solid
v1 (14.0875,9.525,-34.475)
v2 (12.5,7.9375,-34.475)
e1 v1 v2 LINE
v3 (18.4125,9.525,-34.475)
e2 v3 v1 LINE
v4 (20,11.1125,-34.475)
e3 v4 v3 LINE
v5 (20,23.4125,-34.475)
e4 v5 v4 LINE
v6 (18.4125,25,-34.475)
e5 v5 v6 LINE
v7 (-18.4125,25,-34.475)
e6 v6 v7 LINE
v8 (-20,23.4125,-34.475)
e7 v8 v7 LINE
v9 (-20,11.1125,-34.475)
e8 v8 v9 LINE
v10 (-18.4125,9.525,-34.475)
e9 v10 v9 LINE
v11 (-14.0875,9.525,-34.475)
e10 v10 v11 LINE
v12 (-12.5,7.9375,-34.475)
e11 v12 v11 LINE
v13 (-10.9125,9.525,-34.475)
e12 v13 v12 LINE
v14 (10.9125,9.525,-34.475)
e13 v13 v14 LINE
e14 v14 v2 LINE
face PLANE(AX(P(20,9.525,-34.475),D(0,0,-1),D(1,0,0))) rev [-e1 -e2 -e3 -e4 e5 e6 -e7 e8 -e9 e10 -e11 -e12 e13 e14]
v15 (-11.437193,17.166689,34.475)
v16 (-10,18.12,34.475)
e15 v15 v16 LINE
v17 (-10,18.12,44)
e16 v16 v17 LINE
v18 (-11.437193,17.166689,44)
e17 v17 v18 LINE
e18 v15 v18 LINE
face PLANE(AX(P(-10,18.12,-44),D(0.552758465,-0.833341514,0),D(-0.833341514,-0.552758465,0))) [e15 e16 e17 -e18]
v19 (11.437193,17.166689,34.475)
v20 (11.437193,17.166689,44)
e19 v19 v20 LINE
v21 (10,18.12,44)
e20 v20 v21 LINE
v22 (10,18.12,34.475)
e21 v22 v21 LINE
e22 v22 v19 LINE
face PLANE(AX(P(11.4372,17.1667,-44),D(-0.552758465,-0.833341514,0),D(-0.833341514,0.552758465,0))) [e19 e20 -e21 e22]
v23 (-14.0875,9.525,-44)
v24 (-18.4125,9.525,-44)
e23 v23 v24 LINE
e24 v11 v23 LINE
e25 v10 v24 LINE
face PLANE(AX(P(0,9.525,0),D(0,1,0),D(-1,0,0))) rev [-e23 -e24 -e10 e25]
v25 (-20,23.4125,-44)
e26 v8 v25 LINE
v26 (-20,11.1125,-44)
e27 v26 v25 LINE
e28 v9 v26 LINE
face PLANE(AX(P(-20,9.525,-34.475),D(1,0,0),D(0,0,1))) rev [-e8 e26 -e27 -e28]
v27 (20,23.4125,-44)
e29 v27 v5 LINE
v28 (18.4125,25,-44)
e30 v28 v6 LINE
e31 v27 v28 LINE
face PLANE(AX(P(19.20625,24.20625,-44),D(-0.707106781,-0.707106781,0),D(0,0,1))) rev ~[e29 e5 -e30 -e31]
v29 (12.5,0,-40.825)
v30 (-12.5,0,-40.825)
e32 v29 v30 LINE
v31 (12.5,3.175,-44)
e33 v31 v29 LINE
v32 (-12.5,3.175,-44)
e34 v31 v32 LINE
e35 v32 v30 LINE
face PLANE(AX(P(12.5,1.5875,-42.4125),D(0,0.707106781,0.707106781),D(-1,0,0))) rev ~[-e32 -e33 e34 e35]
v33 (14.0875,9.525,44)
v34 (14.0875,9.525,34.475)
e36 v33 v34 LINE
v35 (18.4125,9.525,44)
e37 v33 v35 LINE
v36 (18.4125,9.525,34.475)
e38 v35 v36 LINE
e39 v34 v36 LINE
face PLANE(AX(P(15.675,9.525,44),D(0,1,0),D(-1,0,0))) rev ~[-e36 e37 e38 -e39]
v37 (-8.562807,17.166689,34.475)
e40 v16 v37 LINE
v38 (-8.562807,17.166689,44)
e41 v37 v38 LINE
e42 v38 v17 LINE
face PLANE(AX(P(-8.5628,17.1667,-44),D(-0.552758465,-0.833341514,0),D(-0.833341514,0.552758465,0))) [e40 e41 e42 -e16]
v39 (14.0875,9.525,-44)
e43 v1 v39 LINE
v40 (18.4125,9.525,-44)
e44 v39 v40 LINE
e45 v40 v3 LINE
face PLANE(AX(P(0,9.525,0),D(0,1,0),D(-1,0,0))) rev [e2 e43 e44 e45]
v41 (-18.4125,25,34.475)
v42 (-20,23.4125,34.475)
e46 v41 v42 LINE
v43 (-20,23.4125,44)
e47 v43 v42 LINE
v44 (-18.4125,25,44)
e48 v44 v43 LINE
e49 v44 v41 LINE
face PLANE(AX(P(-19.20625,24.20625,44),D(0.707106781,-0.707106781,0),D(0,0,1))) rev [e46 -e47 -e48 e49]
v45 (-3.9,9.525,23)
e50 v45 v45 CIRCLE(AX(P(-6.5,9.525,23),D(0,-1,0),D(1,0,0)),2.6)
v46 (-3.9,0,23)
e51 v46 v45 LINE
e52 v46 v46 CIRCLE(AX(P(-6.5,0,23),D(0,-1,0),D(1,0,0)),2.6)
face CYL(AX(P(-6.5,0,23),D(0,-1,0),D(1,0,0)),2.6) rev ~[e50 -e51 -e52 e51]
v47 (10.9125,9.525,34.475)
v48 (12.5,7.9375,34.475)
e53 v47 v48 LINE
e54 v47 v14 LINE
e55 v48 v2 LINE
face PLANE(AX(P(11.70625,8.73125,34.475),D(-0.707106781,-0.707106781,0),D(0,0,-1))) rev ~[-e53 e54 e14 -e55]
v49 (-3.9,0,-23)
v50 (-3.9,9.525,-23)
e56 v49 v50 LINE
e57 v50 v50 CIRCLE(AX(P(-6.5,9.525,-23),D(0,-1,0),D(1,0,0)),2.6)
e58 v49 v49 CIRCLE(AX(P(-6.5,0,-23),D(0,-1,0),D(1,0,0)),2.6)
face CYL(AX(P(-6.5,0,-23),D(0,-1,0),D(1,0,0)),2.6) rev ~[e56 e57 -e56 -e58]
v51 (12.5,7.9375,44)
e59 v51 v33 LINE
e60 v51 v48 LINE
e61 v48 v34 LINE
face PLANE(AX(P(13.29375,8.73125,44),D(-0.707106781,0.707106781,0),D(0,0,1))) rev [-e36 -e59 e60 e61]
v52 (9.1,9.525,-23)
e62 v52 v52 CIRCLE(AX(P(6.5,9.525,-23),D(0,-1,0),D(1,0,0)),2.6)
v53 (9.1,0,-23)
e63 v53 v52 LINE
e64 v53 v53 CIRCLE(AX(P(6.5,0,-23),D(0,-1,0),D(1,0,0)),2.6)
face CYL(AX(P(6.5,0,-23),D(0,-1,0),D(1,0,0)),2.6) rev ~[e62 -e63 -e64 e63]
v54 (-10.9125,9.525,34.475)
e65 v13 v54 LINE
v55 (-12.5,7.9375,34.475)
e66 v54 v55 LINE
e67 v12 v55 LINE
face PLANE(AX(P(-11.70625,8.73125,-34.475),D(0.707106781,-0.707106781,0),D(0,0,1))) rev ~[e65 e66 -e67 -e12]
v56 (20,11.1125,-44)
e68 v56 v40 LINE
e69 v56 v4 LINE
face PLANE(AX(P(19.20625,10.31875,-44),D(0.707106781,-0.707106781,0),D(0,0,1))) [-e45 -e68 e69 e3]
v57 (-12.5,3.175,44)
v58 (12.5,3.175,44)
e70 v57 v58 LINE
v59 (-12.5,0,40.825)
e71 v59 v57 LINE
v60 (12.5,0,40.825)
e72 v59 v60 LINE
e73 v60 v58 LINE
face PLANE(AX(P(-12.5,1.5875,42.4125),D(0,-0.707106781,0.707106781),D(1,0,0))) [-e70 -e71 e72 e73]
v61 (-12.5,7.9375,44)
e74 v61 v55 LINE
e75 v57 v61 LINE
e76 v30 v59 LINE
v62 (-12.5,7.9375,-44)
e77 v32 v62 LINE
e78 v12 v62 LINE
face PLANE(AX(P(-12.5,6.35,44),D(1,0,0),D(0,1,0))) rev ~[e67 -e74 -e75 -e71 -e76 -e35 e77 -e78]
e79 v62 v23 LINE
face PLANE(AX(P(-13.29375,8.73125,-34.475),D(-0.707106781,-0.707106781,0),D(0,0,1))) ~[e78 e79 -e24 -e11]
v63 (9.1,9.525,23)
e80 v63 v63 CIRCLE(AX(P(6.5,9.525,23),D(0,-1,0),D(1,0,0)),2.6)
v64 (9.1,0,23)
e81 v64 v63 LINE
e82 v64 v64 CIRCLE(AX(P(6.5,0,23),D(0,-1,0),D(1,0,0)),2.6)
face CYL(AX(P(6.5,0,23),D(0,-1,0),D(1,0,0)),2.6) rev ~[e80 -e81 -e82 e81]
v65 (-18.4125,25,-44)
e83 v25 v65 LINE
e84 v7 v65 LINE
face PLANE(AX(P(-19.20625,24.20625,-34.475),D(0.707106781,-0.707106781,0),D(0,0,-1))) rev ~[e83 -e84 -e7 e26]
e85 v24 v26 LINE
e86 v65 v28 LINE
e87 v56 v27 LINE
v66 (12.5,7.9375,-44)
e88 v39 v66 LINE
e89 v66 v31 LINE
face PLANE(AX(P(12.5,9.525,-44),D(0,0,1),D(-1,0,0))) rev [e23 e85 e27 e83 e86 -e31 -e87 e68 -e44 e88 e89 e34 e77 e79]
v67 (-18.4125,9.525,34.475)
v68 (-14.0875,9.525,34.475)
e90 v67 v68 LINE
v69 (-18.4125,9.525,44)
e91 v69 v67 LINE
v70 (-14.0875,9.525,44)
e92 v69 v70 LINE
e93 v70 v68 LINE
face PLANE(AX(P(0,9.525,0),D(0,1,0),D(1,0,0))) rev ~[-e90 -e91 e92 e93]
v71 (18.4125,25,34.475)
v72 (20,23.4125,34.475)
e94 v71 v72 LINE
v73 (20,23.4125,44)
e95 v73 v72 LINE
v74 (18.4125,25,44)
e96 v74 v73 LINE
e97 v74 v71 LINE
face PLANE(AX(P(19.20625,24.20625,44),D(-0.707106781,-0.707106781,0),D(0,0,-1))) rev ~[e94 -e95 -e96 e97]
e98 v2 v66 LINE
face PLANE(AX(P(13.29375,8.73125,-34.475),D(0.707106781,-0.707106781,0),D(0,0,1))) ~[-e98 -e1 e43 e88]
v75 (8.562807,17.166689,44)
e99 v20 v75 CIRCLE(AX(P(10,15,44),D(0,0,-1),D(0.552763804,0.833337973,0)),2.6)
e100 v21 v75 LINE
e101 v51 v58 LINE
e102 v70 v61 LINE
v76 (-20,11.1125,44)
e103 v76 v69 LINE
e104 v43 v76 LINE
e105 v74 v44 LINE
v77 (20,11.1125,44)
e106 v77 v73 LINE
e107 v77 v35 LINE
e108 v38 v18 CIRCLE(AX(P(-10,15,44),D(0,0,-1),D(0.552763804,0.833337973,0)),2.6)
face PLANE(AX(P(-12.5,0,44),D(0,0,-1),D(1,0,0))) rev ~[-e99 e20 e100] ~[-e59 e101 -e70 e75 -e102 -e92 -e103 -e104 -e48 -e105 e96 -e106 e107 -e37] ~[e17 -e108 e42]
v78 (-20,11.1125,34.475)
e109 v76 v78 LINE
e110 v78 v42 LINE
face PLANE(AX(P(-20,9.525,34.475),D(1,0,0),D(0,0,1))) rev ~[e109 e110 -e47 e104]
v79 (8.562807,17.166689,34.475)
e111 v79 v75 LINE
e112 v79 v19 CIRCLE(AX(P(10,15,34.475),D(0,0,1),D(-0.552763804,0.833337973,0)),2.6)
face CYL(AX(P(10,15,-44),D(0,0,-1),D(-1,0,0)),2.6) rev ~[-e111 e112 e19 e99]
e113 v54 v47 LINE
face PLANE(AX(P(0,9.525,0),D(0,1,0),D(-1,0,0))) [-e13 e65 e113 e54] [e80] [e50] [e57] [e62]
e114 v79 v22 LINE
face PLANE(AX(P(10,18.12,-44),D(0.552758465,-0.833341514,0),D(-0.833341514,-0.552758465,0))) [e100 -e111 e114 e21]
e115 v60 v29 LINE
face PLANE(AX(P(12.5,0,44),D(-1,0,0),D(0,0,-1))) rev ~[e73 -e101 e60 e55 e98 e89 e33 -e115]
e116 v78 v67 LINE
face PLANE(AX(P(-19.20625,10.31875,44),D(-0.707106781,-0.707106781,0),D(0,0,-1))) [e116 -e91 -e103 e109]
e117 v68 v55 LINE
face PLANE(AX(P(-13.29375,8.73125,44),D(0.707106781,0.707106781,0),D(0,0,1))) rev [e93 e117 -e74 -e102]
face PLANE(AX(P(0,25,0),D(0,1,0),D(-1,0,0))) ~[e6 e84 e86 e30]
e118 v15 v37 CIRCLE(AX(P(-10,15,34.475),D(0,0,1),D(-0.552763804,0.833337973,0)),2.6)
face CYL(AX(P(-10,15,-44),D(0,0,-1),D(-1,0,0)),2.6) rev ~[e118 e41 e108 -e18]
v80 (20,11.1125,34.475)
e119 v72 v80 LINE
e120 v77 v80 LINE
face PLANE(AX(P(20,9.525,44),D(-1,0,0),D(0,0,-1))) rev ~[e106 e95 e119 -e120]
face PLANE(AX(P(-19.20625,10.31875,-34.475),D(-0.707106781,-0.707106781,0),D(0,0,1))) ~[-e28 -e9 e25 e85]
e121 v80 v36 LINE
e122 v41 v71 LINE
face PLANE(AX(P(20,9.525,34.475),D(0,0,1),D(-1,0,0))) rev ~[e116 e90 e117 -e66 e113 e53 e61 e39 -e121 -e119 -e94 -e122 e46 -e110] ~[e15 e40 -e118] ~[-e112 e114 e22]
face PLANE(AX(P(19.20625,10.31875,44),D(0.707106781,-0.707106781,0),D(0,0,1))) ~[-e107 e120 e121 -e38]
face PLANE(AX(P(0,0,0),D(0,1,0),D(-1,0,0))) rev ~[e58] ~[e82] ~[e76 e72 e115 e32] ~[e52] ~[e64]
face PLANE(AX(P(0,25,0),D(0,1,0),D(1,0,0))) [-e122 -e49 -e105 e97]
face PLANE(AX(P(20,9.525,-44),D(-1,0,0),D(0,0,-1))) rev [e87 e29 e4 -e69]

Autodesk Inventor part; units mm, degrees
ref_plane "YZ Plane" through (0, 0, 0) normal (1, 0, 0) x (0, 1, 0)
ref_plane "XZ Plane" through (0, 0, 0) normal (0, 1, 0) x (-1, 0, 0)
sketch "Sketch1" plane through (0, 0, 0) normal (0, 1, 0) x (-1, 0, 0)
  line L0 (-12.5, -44) -> (12.5, -44)
  line L1 (12.5, -44) -> (12.5, 44)
  line L2 (12.5, 44) -> (-12.5, 44)
  line L3 (-12.5, 44) -> (-12.5, -44)
  line L4 (-12.5, -44) -> (12.5, 44) construction
  line L5 (12.5, -44) -> (-12.5, 44) construction
  point P0 (0, 0)
  dimension "d0" = 88
  dimension "d1" = 25
extrude "Extrusion1" add sketch "Sketch1" along normal blind 9.525
sketch "Sketch2" plane through (0, 9.525, 0) normal (0, 1, 0) x (1, 0, 0)
  line L0 (20, -34.475) -> (-20, -34.475)
  line L1 (-20, -34.475) -> (-20, -44)
  line L2 (-20, -44) -> (20, -44)
  line L3 (20, -44) -> (20, -34.475)
  line L4 (20, -34.475) -> (-20, -44) construction
  line L5 (-20, -34.475) -> (20, -44) construction
  line L6 (-12.5, -44) -> (12.5, -44) projected
  point P0 (0, 0)
  point P1 (0, -39.2375)
  dimension "d4" = 40
  dimension "d5" = 9.525
extrude "Extrusion2" add sketch "Sketch2" along normal blind 15.475
fillet "Fillet1" radius 3.175 6 edges at (-12.5, 9.525, 39.2375) (-20, 9.525, 39.2375) (-20, 25, 39.2375) (20, 9.525, 39.2375) (20, 25, 39.2375) (12.5, 9.525, 39.2375)
ref_plane "Work Plane1" through (-16.825, 25, 0) normal (0, 0, 1) x (1, 0, 0)
mirror "Mirror1" about plane through (-16.825, 25, 0) normal (0, 0, 1) of "Extrusion2", "Fillet1"
sketch "Sketch3" plane through (16.825, 25, -44) normal (0, 0, -1) x (-1, 0, 0)
  line L0 (29.325, -25) -> (29.325, -18.65) projected
  arc A0 (32.5, -15.475) -> (29.325, -18.65) centre (32.5, -18.65) ccw projected
  line L1 (33.65, -15.475) -> (32.5, -15.475) projected
  arc A1 (33.65, -15.475) -> (36.825, -12.3) centre (33.65, -12.3) ccw projected
  line L2 (36.825, -12.3) -> (36.825, -3.175) projected
  arc A2 (36.825, -3.175) -> (33.65, 0) centre (33.65, -3.175) ccw projected
  line L3 (33.65, 0) -> (0, 0) projected
  arc A3 (0, 0) -> (-3.175, -3.175) centre (0, -3.175) ccw projected
  line L4 (-3.175, -12.3) -> (-3.175, -3.175) projected
  arc A4 (-3.175, -12.3) -> (0, -15.475) centre (0, -12.3) ccw projected
  line L5 (1.15, -15.475) -> (0, -15.475) projected
  arc A5 (4.325, -18.65) -> (1.15, -15.475) centre (1.15, -18.65) ccw projected
  line L6 (4.325, -25) -> (4.325, -18.65) projected
  circle A6 centre (26.825, -10) radius 2.6
  circle A7 centre (6.825, -10) radius 2.6
  line L7 (4.325, -25) -> (29.325, -25) projected
  point P0 (16.825, -25)
  dimension "d10" = 5.2
  dimension "d11" = 10
  dimension "d12" = 10
  dimension "d13" = 10
extrude "Extrusion3" cut sketch "Sketch3" against normal through all contours A6 | A7
sketch "Sketch4" plane through (0, 0, 0) normal (0, -1, 0) x (1, 0, 0)
  line L0 (-6.5, -23) -> (6.5, -23) construction
  line L1 (6.5, -23) -> (6.5, 23) construction
  line L2 (6.5, 23) -> (-6.5, 23) construction
  line L3 (-6.5, 23) -> (-6.5, -23) construction
  line L4 (-6.5, -23) -> (6.5, 23) construction
  line L5 (6.5, -23) -> (-6.5, 23) construction
  circle A0 centre (6.5, 23) radius 2.6
  circle A1 centre (6.5, -23) radius 2.6
  circle A2 centre (-6.5, -23) radius 2.6
  circle A3 centre (-6.5, 23) radius 2.6
  point P0 (0, 0)
  dimension "d16" = 5.2
  dimension "d17" = 46
  dimension "d18" = 13
extrude "Extrusion4" cut sketch "Sketch4" against normal through all
sketch "Sketch5" plane through (16.825, 25, -44) normal (0, 0, -1) x (-1, 0, 0)
  circle A0 centre (6.825, -10) radius 2.6 projected
  circle A1 centre (26.825, -10) radius 2.6 projected
  line L0 (5.3878, -7.8333) -> (6.825, -6.88)
  line L1 (6.825, -6.88) -> (8.2622, -7.8333)
  line L2 (25.3878, -7.8333) -> (26.825, -6.88)
  line L3 (26.825, -6.88) -> (28.2622, -7.8333)
  point P0 (16.825, -25)
  point P1 (6.825, -7.4)
  point P2 (26.825, -7.4)
  dimension "d21" = 0.52
  dimension "d22" = 5.2
  dimension "d23" = 0.52
extrude "Extrusion5" cut sketch "Sketch5" against normal through all contours A0 L0 L1 | A1 L2 L3
sketch "Sketch6" plane through (0, 9.525, 0) normal (0, 1, 0) x (1, 0, 0)
  circle A0 centre (-6.5, 23) radius 2.6 projected
  circle A1 centre (6.5, 23) radius 2.6 projected
  circle A2 centre (-6.5, -23) radius 2.6 projected
  circle A3 centre (6.5, -23) radius 2.6 projected
  circle A4 centre (-6.5, 23) radius 5
  circle A5 centre (6.5, 23) radius 5
  circle A6 centre (-6.5, -23) radius 5
  circle A7 centre (6.5, -23) radius 5
  point P0 (0, 0)
  dimension "d26" = 10
extrude "Extrusion6" add sketch "Sketch6" against normal up to surface (9.525 mm away)
chamfer "Chamfer1" distance 3.175 angle 45 2 edges at (0, 0, -44) (0, 0, 44)
sketch "Sketch7" plane through (-16.825, 25, 44) normal (0, 0, 1) x (1, 0, 0)
  line L0 (29.325, -21.825) -> (4.325, -21.825) projected
  line L1 (29.325, -21.825) -> (29.325, -18.65) projected
  arc A0 (32.5, -15.475) -> (29.325, -18.65) centre (32.5, -18.65) ccw projected
  line L2 (32.5, -15.475) -> (33.65, -15.475) projected
  arc A1 (33.65, -15.475) -> (36.825, -12.3) centre (33.65, -12.3) ccw projected
  line L3 (36.825, -12.3) -> (36.825, -3.175) projected
  arc A2 (36.825, -3.175) -> (33.65, 0) centre (33.65, -3.175) ccw projected
  line L4 (0, 0) -> (33.65, 0) projected
  arc A3 (0, 0) -> (-3.175, -3.175) centre (0, -3.175) ccw projected
  line L5 (-3.175, -12.3) -> (-3.175, -3.175) projected
  arc A4 (-3.175, -12.3) -> (0, -15.475) centre (0, -12.3) ccw projected
  line L6 (0, -15.475) -> (1.15, -15.475) projected
  arc A5 (4.325, -18.65) -> (1.15, -15.475) centre (1.15, -18.65) ccw projected
  line L7 (4.325, -21.825) -> (4.325, -18.65) projected
  line L8 (5.3878, -7.8333) -> (6.825, -6.88) projected
  line L9 (6.825, -6.88) -> (8.2622, -7.8333) projected
  arc A6 (5.3878, -7.8333) -> (8.2622, -7.8333) centre (6.825, -10) ccw projected
  line L10 (25.3878, -7.8333) -> (26.825, -6.88) projected
  line L11 (26.825, -6.88) -> (28.2622, -7.8333) projected
  arc A7 (25.3878, -7.8333) -> (28.2622, -7.8333) centre (26.825, -10) ccw projected
  line L12 (-3.175, 0) -> (36.825, 0)
  line L13 (36.825, 0) -> (36.825, -15.475)
  line L14 (36.825, -15.475) -> (-3.175, -15.475)
  line L15 (-3.175, -15.475) -> (-3.175, 0)
  line L16 (0, 0) -> (33.65, 0) projected
  line L17 (36.825, -12.3) -> (36.825, -3.175) projected
  line L18 (32.5, -15.475) -> (33.65, -15.475) projected
  line L19 (-3.175, -12.3) -> (-3.175, -3.175) projected
  line L20 (29.325, -18.65) -> (29.325, -15.475)
  line L21 (4.325, -18.65) -> (4.325, -15.475)
  point P0 (16.825, -25)
  point P1 (0, -15.475)
extrude "Extrusion7" add sketch "Sketch7" against normal up to surface (9.525 mm away) contours A1 L13 L14 | L14 L15 A4 | A2 L12 L13 | L15 L12 A3
extrude "Extrusion8" cut sketch "Sketch7" against normal through all contours L20 L14 A0 | A5 L14 L21
sketch "Sketch8" plane through (20, 25, 34.475) normal (0, 0, -1) x (-1, 0, 0)
  line L0 (7.5, -15.475) -> (7.5, -18.65) projected
  arc A0 (10.675, -15.475) -> (7.5, -18.65) centre (10.675, -18.65) ccw projected
  line L1 (29.325, -15.475) -> (10.675, -15.475) projected
  arc A1 (32.5, -18.65) -> (29.325, -15.475) centre (29.325, -18.65) ccw projected
  line L2 (32.5, -18.65) -> (32.5, -15.475) projected
  line L3 (40, -15.475) -> (32.5, -15.475) projected
  line L4 (40, 0) -> (40, -15.475) projected
  line L5 (0, 0) -> (40, 0) projected
  line L6 (0, -15.475) -> (0, 0) projected
  line L7 (0, -15.475) -> (7.5, -15.475) projected
  line L8 (8.5628, -7.8333) -> (10, -6.88) projected
  line L9 (10, -6.88) -> (11.4372, -7.8333) projected
  arc A2 (8.5628, -7.8333) -> (11.4372, -7.8333) centre (10, -10) ccw projected
  line L10 (28.5628, -7.8333) -> (30, -6.88) projected
  line L11 (30, -6.88) -> (31.4372, -7.8333) projected
  arc A3 (28.5628, -7.8333) -> (31.4372, -7.8333) centre (30, -10) ccw projected
  line L12 (7.5, -15.475) -> (32.5, -15.475)
  point P0 (20, -25)
  point P1 (10.675, -15.475)
extrude "Extrusion9" add sketch "Sketch8" along normal up to surface (68.95 mm away) contours L12 A0 L0 | L12 L2 A1
mirror "Mirror2" about plane through (-16.825, 25, 0) normal (0, 0, 1) of "Extrusion2"
chamfer "Chamfer2" distance 1.5875 angle 45 14 edges at (20, 25, 39.2375) (20, 9.525, 39.2375) (-20, 25, 39.2375) (-20, 9.525, 39.2375) (-12.5, 9.525, 39.2375) (-12.5, 9.525, -39.2375) (-20, 9.525, -39.2375) (-20, 25, -39.2375) (12.5, 9.525, -39.2375) (12.5, 9.525, 39.2375) (20, 25, -39.2375) (20, 9.525, -39.2375) (-12.5, 9.525, 0) (12.5, 9.525, 0)
equation "\"d12\" = d11"
equation "\"d13\" = d12"
equation "\"d21\" = 0.1 * d22"
equation "\"d23\" = d21"
properties part number "CNC-023-YAxisBallScrewStabilizerMount" material "ABS Plastic"
